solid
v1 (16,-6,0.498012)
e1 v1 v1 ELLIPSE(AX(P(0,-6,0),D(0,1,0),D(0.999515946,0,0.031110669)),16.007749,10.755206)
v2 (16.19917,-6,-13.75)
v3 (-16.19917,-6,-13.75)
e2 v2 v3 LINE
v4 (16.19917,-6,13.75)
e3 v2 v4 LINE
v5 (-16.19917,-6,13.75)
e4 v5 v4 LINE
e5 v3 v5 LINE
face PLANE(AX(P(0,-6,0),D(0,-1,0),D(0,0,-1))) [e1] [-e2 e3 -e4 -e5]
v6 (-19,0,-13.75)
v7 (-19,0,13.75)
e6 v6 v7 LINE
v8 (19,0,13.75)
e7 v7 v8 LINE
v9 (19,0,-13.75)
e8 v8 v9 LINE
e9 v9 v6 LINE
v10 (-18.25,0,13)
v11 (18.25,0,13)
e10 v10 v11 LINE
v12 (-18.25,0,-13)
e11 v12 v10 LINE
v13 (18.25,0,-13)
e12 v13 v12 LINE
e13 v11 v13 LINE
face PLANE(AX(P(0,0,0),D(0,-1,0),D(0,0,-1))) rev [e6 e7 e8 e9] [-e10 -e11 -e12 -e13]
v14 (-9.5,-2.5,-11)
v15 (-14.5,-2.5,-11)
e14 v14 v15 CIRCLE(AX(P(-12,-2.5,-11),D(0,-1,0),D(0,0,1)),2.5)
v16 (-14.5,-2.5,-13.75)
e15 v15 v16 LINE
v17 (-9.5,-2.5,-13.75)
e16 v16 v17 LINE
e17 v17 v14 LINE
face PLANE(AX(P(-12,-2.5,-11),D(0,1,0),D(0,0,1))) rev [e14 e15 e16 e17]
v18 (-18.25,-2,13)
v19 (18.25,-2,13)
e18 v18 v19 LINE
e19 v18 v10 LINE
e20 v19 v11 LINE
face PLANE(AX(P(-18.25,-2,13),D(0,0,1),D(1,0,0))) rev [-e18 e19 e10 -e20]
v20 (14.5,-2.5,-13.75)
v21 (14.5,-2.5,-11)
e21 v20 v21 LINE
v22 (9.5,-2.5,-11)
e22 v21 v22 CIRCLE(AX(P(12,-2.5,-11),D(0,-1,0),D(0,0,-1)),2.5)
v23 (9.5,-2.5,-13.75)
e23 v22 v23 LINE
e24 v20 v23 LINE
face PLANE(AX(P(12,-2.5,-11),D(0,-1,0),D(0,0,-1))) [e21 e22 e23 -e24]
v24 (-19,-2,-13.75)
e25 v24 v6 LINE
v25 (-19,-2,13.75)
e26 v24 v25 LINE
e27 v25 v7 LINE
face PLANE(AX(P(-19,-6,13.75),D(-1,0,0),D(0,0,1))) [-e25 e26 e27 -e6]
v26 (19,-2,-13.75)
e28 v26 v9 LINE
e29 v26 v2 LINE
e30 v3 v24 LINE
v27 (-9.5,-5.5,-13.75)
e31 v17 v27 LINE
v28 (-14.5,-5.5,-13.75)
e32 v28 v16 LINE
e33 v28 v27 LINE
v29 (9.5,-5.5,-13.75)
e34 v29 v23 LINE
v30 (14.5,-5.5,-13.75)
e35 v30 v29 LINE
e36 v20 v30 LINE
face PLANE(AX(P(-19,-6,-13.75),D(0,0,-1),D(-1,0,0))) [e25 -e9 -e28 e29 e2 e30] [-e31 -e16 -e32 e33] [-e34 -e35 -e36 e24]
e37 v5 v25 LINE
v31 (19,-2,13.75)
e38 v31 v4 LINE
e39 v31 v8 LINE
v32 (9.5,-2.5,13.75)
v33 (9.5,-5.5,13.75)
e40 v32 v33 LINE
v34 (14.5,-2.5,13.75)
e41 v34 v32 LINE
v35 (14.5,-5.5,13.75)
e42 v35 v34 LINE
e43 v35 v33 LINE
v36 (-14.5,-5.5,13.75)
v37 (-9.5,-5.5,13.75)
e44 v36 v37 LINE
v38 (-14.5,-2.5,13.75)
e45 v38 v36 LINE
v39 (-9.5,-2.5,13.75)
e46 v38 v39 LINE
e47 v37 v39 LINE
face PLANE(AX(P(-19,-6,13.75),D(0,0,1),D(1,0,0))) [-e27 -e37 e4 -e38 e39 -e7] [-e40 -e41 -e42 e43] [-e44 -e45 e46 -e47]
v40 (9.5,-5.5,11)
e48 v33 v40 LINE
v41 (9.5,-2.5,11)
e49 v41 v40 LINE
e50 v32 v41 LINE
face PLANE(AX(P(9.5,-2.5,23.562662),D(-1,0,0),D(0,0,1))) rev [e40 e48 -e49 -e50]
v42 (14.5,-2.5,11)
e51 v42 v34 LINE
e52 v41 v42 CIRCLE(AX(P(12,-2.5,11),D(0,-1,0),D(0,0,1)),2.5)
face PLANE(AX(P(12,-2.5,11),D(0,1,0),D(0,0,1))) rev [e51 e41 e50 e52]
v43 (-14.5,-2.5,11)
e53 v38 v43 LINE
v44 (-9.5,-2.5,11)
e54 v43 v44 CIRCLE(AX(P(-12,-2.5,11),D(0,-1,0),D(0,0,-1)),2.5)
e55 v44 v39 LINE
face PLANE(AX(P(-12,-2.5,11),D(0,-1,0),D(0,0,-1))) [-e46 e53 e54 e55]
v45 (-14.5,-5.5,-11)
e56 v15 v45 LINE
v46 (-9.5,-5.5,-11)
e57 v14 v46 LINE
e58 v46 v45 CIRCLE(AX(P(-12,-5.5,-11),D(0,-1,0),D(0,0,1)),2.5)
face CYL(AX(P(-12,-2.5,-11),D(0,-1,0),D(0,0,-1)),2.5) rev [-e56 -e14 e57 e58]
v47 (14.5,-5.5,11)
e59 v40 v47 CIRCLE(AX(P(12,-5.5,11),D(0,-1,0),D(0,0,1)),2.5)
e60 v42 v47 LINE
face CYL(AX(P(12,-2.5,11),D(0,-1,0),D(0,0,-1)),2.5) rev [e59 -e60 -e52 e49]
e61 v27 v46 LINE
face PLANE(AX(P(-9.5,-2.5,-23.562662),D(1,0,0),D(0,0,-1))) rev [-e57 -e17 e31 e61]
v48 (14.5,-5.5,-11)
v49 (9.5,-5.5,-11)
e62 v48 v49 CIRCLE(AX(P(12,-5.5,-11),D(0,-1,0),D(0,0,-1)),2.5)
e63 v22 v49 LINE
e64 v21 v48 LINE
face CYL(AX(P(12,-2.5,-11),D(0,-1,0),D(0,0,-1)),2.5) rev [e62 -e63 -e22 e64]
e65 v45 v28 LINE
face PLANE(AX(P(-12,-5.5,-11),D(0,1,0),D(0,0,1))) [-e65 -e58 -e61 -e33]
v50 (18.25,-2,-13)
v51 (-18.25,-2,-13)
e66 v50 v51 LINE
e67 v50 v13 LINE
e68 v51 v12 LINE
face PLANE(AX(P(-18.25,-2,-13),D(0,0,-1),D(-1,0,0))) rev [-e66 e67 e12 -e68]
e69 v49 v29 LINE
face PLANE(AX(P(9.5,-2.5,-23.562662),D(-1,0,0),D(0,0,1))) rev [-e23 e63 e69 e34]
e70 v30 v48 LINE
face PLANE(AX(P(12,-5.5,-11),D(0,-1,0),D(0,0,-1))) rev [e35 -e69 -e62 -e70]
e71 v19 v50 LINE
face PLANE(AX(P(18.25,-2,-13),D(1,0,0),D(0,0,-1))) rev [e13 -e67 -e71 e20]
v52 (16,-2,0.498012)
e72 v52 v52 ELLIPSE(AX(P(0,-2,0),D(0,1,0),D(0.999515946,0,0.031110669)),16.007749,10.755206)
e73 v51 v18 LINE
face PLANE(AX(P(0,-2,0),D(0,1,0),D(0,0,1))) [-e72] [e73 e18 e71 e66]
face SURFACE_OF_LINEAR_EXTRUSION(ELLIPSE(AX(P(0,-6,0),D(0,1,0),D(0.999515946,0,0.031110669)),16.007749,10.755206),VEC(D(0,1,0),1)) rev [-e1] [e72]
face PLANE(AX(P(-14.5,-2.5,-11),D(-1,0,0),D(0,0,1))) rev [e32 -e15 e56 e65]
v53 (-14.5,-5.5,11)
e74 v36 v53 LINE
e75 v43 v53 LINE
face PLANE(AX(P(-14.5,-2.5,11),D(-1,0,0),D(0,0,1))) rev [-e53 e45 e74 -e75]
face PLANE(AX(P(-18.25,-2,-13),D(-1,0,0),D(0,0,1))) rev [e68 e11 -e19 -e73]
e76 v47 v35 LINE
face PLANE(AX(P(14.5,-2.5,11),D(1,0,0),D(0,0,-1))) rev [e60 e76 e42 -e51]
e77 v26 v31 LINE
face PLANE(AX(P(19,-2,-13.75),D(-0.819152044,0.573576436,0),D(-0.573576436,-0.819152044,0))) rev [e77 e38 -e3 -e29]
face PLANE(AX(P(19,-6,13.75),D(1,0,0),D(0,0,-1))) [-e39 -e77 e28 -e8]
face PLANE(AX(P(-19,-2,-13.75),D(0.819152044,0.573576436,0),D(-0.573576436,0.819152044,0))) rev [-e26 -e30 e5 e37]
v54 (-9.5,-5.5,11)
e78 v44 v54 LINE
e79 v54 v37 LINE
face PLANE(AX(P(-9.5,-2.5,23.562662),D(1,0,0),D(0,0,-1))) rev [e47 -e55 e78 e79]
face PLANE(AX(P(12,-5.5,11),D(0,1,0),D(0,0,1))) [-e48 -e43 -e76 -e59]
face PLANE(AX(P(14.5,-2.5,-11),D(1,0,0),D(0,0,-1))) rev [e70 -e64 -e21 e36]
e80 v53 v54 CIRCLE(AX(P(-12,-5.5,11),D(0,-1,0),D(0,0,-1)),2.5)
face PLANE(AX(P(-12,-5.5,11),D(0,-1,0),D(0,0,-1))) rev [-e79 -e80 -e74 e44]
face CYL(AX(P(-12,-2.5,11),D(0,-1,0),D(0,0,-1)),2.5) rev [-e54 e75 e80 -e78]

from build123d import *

# Parameters (mm, degrees)
SKETCH1_W               = 38
SKETCH1_H               = 27.5
BOSS_EXTRUDE1_DEPTH     = 6
SKETCH2_W               = 36.5
SKETCH2_H               = 26
CUT_EXTRUDE1_DEPTH      = 2
SKETCH3_RX              = 16.007748615
SKETCH3_RY              = 10.755206101
CUT_EXTRUDE2_DEPTH      = 3
CUT_EXTRUDE2_DEPTH_BACK = 5
CUT_EXTRUDE4_DEPTH      = 1.5
CUT_EXTRUDE5_DEPTH      = 14.7500001
CUT_EXTRUDE5_DEPTH_BACK = 14.7500001


with BuildPart() as part:
    # Sketch1 → Boss-Extrude1 (new body)
    with BuildSketch(Plane(origin=(0, 0, 0), x_dir=(1, 0, 0), z_dir=(0, 1, 0))):
        Rectangle(SKETCH1_W, SKETCH1_H)
    extrude(amount=-BOSS_EXTRUDE1_DEPTH)

    # Sketch2 → Cut-Extrude1 (cut)
    with BuildSketch(Plane(origin=(0, 0, 0), x_dir=(1, 0, 0), z_dir=(0, 1, 0))):
        Rectangle(SKETCH2_W, SKETCH2_H)
    extrude(amount=-CUT_EXTRUDE1_DEPTH, mode=Mode.SUBTRACT)

    # Sketch3 → Cut-Extrude2 (cut, two sides)
    with BuildSketch(Plane(origin=(0, -2, 0), x_dir=(1, 0, 0), z_dir=(0, 1, 0))) as cut_extrude2_sk:
        with Locations(Location((0, 0), (0, 0, -1.782797699))):
            Ellipse(SKETCH3_RX, SKETCH3_RY)
    extrude(amount=CUT_EXTRUDE2_DEPTH, mode=Mode.SUBTRACT)
    extrude(cut_extrude2_sk.sketch, amount=-CUT_EXTRUDE2_DEPTH_BACK, mode=Mode.SUBTRACT)

    # Sketch8 → Cut-Extrude4 (cut, symmetric)
    with BuildSketch(Plane(origin=(0, -4, 0), x_dir=(-1, 0, 0), z_dir=(0, -1, 0))):
        with BuildLine():
            Line((-14.5, 11), (-14.5, 23.562662058))
            Line((-14.5, 23.562662058), (-9.5, 23.562662058))
            Line((-9.5, 23.562662058), (-9.5, 11))
            ThreePointArc((-9.5, 11), (-12, 8.5), (-14.5, 11))
        make_face()
        with BuildLine():
            Line((9.5, 23.562662058), (9.5, 11))
            ThreePointArc((9.5, 11), (12, 8.5), (14.5, 11))
            Line((14.5, 11), (14.5, 23.562662058))
            Line((14.5, 23.562662058), (9.5, 23.562662058))
        make_face()
        with BuildLine():
            Line((14.5, -11), (14.5, -23.562662058))
            Line((14.5, -23.562662058), (9.5, -23.562662058))
            Line((9.5, -23.562662058), (9.5, -11))
            ThreePointArc((9.5, -11), (12, -8.5), (14.5, -11))
        make_face()
        with BuildLine():
            Line((-9.5, -23.562662058), (-9.5, -11))
            ThreePointArc((-9.5, -11), (-12, -8.5), (-14.5, -11))
            Line((-14.5, -11), (-14.5, -23.562662058))
            Line((-14.5, -23.562662058), (-9.5, -23.562662058))
        make_face()
    extrude(amount=CUT_EXTRUDE4_DEPTH, both=True, mode=Mode.SUBTRACT)

    # Sketch9 → Cut-Extrude5 (cut, two sides)
    with BuildSketch(Plane.XY) as cut_extrude5_sk:
        Polygon((-19, -2), (-16.199169847, -6), (-19, -6), align=None)
        Polygon((16.199169847, -6), (19, -6), (19, -2), align=None)
    extrude(amount=CUT_EXTRUDE5_DEPTH, mode=Mode.SUBTRACT)
    extrude(cut_extrude5_sk.sketch, amount=-CUT_EXTRUDE5_DEPTH_BACK, mode=Mode.SUBTRACT)


solid = part.part
